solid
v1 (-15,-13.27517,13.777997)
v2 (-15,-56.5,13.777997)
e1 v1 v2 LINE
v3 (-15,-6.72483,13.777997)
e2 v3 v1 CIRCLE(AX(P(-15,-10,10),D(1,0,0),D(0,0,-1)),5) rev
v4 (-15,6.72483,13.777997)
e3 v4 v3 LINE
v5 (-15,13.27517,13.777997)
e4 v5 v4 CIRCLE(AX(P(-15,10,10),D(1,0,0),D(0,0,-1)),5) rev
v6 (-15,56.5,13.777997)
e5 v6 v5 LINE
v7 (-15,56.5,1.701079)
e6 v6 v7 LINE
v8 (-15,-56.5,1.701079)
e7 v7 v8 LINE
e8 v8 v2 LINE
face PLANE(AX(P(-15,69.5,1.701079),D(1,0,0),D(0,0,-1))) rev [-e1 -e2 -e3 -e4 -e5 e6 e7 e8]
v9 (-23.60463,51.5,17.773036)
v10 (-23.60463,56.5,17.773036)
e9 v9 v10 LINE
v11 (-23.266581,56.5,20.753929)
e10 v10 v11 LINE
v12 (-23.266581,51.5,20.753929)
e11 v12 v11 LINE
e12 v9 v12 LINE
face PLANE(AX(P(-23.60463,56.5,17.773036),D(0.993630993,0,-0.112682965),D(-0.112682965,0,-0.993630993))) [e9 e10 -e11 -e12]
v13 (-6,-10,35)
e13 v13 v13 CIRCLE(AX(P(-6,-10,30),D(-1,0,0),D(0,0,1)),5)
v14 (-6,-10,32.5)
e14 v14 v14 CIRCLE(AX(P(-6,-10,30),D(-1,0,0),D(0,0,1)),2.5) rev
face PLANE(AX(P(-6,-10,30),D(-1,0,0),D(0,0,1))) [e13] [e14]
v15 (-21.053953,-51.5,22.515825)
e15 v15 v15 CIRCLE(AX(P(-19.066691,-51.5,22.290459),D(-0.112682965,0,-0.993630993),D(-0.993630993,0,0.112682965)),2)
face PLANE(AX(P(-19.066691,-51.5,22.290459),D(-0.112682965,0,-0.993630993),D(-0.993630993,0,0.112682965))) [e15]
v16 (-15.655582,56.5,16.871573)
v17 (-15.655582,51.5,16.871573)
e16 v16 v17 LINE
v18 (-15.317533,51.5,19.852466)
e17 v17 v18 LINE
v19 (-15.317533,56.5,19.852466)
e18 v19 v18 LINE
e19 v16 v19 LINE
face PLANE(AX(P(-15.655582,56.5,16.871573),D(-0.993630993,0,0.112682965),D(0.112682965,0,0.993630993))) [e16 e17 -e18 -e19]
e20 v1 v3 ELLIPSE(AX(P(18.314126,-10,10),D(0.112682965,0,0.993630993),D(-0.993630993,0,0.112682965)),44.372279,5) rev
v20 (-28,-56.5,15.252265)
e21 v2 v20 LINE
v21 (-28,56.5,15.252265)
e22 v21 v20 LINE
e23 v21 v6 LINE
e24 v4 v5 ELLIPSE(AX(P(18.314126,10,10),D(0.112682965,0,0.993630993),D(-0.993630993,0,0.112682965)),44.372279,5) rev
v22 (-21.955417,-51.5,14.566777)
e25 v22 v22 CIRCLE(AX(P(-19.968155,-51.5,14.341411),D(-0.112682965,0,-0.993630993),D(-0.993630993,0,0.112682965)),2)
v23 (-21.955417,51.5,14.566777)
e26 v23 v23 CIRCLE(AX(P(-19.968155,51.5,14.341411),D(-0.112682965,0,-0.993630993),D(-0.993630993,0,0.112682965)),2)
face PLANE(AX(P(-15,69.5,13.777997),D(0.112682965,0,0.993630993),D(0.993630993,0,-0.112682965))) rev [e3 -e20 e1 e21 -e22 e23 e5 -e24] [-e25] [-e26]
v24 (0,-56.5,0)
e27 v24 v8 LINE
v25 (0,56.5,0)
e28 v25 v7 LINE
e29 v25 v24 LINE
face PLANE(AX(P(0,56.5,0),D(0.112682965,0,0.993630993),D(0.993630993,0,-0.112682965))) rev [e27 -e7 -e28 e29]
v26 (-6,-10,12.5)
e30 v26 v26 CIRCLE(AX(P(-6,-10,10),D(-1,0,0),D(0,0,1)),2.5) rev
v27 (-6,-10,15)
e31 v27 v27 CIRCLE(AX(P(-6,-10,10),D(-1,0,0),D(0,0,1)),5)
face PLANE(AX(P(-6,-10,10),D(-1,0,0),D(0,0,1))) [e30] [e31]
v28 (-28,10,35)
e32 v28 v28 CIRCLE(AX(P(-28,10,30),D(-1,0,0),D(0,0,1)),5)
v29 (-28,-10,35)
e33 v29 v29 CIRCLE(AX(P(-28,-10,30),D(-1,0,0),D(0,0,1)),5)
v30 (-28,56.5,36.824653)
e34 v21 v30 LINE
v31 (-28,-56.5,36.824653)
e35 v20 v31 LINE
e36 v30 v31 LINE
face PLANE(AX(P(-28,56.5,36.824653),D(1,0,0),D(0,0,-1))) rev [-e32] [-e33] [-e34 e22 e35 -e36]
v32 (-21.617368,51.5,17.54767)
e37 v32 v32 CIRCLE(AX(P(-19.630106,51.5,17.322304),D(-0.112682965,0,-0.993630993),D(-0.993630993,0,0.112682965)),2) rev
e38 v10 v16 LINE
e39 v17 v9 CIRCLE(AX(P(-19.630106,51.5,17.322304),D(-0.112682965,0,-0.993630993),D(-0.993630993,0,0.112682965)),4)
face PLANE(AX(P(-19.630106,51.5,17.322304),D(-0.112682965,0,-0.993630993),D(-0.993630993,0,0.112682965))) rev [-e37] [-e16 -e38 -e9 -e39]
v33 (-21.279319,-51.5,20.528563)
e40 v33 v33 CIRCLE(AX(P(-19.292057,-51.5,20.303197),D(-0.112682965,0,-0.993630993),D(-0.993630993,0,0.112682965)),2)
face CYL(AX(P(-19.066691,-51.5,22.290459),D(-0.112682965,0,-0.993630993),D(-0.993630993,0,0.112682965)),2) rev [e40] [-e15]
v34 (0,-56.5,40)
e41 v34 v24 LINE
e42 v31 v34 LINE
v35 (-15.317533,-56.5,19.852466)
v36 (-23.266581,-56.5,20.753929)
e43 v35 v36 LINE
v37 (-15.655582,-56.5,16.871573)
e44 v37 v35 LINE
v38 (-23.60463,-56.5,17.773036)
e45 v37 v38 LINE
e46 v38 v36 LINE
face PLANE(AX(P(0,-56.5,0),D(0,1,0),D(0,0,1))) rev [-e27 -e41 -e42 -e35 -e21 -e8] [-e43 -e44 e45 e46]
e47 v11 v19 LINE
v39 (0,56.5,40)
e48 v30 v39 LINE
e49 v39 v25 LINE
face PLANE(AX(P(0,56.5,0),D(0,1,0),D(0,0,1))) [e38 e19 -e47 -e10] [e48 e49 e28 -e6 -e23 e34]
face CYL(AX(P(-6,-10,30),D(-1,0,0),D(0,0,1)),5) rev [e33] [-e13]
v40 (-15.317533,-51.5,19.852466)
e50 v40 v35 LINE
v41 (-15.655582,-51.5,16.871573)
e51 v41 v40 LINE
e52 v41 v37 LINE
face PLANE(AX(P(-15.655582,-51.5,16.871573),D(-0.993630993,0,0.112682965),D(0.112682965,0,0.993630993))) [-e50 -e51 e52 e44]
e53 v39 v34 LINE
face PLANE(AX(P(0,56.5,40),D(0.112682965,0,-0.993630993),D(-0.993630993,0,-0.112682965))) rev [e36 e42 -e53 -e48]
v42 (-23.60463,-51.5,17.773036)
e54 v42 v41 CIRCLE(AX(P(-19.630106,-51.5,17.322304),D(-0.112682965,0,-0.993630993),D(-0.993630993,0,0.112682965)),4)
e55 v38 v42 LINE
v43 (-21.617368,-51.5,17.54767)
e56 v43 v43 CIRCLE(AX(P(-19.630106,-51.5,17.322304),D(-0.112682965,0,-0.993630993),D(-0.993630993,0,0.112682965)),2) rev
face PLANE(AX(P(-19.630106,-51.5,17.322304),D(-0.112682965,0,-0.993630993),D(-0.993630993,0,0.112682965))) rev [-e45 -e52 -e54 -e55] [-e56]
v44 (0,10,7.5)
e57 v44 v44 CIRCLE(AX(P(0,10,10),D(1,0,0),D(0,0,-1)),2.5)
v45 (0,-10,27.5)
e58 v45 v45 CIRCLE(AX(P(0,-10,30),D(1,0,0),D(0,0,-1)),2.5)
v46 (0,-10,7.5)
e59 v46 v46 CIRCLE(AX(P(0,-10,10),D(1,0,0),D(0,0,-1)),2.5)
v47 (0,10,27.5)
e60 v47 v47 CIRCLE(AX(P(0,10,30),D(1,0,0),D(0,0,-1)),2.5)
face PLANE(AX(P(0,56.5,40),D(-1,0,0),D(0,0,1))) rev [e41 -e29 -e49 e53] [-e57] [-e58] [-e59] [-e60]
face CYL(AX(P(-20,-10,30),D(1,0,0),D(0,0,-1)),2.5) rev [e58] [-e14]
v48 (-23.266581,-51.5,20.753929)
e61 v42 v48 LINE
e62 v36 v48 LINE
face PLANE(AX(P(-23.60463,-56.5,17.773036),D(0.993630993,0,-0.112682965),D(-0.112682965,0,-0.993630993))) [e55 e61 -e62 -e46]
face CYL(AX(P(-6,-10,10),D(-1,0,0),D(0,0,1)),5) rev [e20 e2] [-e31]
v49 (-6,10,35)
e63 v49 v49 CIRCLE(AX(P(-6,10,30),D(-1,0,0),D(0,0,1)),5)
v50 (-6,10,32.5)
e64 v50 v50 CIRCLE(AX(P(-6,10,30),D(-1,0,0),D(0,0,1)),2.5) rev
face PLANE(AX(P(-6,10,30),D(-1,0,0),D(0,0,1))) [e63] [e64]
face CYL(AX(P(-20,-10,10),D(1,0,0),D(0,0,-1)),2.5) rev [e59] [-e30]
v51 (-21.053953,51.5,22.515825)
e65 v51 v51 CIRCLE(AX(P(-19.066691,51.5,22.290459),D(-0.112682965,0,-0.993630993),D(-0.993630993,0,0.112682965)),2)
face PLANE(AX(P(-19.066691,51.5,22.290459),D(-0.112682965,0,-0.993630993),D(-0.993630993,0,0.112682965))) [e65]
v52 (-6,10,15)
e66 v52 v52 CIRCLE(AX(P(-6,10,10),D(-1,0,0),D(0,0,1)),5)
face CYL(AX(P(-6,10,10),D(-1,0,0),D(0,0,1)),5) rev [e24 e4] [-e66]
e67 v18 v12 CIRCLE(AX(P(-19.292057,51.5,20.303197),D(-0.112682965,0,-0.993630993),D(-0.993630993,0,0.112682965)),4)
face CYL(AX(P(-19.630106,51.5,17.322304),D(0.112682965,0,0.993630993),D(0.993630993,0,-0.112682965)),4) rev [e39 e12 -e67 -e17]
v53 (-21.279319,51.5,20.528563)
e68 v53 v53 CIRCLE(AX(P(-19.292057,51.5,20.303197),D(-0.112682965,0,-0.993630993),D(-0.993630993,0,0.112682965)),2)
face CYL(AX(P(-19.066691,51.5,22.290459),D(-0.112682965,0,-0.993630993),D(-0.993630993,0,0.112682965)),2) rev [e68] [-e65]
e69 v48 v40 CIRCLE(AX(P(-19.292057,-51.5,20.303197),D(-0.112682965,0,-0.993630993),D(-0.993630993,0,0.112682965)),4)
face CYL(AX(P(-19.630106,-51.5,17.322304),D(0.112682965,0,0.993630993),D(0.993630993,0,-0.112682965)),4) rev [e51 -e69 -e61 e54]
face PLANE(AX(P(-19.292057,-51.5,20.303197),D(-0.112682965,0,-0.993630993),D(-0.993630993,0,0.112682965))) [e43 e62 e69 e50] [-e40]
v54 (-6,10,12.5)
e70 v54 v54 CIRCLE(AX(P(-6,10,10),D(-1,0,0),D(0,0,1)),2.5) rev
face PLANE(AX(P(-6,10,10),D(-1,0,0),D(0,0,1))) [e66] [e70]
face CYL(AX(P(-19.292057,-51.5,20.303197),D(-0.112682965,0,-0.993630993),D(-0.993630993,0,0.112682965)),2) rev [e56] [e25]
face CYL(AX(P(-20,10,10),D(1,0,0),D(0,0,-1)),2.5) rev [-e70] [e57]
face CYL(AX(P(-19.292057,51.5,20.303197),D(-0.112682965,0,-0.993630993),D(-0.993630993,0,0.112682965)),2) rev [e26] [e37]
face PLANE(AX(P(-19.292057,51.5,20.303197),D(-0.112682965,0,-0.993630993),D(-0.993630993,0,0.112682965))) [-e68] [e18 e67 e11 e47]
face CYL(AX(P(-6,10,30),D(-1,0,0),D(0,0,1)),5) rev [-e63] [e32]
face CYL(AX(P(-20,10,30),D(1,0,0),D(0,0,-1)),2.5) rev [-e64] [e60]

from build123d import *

# Parameters (mm, degrees)
BOSS_EXTRUDE1_DEPTH = 56.5
SKETCH2_R           = 2.5
CUT_EXTRUDE1_DEPTH  = 20
SKETCH5_R           = 5
CUT_EXTRUDE4_DEPTH  = 22
CUT_EXTRUDE5_DEPTH  = 126
SKETCH7_R           = 2
CUT_EXTRUDE6_DEPTH  = 6
CUT_EXTRUDE7_DEPTH  = 3
SKETCH10_R          = 2
CUT_EXTRUDE8_DEPTH  = 2


with BuildPart() as part:
    # Sketch1 → Boss-Extrude1 (new body, symmetric)
    with BuildSketch(Plane(origin=(0, 0, 0), x_dir=(1, 0, 0), z_dir=(0, 1, 0))):
        Polygon((0, 0), (-28, -3.175346835), (-28, -36.824653165), (0, -40), align=None)
    extrude(amount=BOSS_EXTRUDE1_DEPTH, both=True)

    # Sketch2 → Cut-Extrude1 (cut)
    with BuildSketch(Plane(origin=(0, 0, 0), x_dir=(0, 0, -1), z_dir=(1, 0, 0))):
        with Locations((-10, 10)):
            Circle(SKETCH2_R)
        with Locations((-10, -10)):
            Circle(SKETCH2_R)
        with Locations((-30, 10)):
            Circle(SKETCH2_R)
        with Locations((-30, -10)):
            Circle(SKETCH2_R)
    extrude(amount=-CUT_EXTRUDE1_DEPTH, mode=Mode.SUBTRACT)

    # Sketch5 → Cut-Extrude4 (cut)
    with BuildSketch(Plane.ZY.offset(28)):
        with Locations((30, 10)):
            Circle(SKETCH5_R)
        with Locations((30, -10)):
            Circle(SKETCH5_R)
        with Locations((10, -10)):
            Circle(SKETCH5_R)
        with Locations((10, 10)):
            Circle(SKETCH5_R)
    extrude(amount=-CUT_EXTRUDE4_DEPTH, mode=Mode.SUBTRACT)

    # Sketch6 → Cut-Extrude5 (cut)
    with BuildSketch(Plane.XZ.offset(56.5)):
        Polygon((-15, 1.701078662), (-15, 13.777996642), (-28, 15.252264816), (-28, 3.175346835), align=None)
    extrude(amount=-CUT_EXTRUDE5_DEPTH, mode=Mode.SUBTRACT)

    # Sketch7 → Cut-Extrude6 (cut)
    with BuildSketch(Plane(origin=(1.352195583, 0, 11.92357191), x_dir=(-0.993630993, 0, 0.112682965), z_dir=(-0.112682965, 0, -0.993630993))):
        with Locations((21.457010405, -51.5)):
            Circle(SKETCH7_R)
        with Locations((21.457010405, 51.5)):
            Circle(SKETCH7_R)
    extrude(amount=-CUT_EXTRUDE6_DEPTH, mode=Mode.SUBTRACT)

    # Sketch9 → Cut-Extrude7 (cut)
    with BuildSketch(Plane(origin=(2.028293375, 0, 17.885357866), x_dir=(-0.993630993, 0, 0.112682965), z_dir=(-0.112682965, 0, -0.993630993))):
        with BuildLine():
            Line((17.457010405, -51.5), (17.457010405, -56.5))
            Line((17.457010405, -56.5), (25.457010405, -56.5))
            Line((25.457010405, -56.5), (25.457010405, -51.5))
            ThreePointArc((25.457010405, -51.5), (21.457010405, -47.5), (17.457010405, -51.5))
        make_face()
        with BuildLine():
            Line((17.457010405, 56.5), (17.457010405, 51.5))
            ThreePointArc((17.457010405, 51.5), (21.457010405, 47.5), (25.457010405, 51.5))
            Line((25.457010405, 51.5), (25.457010405, 56.5))
            Line((25.457010405, 56.5), (17.457010405, 56.5))
        make_face()
    extrude(amount=CUT_EXTRUDE7_DEPTH, mode=Mode.SUBTRACT)

    # Sketch10 → Cut-Extrude8 (cut)
    with BuildSketch(Plane(origin=(2.028293375, 0, 17.885357866), x_dir=(-0.993630993, 0, 0.112682965), z_dir=(-0.112682965, 0, -0.993630993))):
        with Locations((21.457010405, 51.5)):
            Circle(SKETCH10_R)
        with Locations((21.457010405, -51.5)):
            Circle(SKETCH10_R)
    extrude(amount=-CUT_EXTRUDE8_DEPTH, mode=Mode.SUBTRACT)


solid = part.part
